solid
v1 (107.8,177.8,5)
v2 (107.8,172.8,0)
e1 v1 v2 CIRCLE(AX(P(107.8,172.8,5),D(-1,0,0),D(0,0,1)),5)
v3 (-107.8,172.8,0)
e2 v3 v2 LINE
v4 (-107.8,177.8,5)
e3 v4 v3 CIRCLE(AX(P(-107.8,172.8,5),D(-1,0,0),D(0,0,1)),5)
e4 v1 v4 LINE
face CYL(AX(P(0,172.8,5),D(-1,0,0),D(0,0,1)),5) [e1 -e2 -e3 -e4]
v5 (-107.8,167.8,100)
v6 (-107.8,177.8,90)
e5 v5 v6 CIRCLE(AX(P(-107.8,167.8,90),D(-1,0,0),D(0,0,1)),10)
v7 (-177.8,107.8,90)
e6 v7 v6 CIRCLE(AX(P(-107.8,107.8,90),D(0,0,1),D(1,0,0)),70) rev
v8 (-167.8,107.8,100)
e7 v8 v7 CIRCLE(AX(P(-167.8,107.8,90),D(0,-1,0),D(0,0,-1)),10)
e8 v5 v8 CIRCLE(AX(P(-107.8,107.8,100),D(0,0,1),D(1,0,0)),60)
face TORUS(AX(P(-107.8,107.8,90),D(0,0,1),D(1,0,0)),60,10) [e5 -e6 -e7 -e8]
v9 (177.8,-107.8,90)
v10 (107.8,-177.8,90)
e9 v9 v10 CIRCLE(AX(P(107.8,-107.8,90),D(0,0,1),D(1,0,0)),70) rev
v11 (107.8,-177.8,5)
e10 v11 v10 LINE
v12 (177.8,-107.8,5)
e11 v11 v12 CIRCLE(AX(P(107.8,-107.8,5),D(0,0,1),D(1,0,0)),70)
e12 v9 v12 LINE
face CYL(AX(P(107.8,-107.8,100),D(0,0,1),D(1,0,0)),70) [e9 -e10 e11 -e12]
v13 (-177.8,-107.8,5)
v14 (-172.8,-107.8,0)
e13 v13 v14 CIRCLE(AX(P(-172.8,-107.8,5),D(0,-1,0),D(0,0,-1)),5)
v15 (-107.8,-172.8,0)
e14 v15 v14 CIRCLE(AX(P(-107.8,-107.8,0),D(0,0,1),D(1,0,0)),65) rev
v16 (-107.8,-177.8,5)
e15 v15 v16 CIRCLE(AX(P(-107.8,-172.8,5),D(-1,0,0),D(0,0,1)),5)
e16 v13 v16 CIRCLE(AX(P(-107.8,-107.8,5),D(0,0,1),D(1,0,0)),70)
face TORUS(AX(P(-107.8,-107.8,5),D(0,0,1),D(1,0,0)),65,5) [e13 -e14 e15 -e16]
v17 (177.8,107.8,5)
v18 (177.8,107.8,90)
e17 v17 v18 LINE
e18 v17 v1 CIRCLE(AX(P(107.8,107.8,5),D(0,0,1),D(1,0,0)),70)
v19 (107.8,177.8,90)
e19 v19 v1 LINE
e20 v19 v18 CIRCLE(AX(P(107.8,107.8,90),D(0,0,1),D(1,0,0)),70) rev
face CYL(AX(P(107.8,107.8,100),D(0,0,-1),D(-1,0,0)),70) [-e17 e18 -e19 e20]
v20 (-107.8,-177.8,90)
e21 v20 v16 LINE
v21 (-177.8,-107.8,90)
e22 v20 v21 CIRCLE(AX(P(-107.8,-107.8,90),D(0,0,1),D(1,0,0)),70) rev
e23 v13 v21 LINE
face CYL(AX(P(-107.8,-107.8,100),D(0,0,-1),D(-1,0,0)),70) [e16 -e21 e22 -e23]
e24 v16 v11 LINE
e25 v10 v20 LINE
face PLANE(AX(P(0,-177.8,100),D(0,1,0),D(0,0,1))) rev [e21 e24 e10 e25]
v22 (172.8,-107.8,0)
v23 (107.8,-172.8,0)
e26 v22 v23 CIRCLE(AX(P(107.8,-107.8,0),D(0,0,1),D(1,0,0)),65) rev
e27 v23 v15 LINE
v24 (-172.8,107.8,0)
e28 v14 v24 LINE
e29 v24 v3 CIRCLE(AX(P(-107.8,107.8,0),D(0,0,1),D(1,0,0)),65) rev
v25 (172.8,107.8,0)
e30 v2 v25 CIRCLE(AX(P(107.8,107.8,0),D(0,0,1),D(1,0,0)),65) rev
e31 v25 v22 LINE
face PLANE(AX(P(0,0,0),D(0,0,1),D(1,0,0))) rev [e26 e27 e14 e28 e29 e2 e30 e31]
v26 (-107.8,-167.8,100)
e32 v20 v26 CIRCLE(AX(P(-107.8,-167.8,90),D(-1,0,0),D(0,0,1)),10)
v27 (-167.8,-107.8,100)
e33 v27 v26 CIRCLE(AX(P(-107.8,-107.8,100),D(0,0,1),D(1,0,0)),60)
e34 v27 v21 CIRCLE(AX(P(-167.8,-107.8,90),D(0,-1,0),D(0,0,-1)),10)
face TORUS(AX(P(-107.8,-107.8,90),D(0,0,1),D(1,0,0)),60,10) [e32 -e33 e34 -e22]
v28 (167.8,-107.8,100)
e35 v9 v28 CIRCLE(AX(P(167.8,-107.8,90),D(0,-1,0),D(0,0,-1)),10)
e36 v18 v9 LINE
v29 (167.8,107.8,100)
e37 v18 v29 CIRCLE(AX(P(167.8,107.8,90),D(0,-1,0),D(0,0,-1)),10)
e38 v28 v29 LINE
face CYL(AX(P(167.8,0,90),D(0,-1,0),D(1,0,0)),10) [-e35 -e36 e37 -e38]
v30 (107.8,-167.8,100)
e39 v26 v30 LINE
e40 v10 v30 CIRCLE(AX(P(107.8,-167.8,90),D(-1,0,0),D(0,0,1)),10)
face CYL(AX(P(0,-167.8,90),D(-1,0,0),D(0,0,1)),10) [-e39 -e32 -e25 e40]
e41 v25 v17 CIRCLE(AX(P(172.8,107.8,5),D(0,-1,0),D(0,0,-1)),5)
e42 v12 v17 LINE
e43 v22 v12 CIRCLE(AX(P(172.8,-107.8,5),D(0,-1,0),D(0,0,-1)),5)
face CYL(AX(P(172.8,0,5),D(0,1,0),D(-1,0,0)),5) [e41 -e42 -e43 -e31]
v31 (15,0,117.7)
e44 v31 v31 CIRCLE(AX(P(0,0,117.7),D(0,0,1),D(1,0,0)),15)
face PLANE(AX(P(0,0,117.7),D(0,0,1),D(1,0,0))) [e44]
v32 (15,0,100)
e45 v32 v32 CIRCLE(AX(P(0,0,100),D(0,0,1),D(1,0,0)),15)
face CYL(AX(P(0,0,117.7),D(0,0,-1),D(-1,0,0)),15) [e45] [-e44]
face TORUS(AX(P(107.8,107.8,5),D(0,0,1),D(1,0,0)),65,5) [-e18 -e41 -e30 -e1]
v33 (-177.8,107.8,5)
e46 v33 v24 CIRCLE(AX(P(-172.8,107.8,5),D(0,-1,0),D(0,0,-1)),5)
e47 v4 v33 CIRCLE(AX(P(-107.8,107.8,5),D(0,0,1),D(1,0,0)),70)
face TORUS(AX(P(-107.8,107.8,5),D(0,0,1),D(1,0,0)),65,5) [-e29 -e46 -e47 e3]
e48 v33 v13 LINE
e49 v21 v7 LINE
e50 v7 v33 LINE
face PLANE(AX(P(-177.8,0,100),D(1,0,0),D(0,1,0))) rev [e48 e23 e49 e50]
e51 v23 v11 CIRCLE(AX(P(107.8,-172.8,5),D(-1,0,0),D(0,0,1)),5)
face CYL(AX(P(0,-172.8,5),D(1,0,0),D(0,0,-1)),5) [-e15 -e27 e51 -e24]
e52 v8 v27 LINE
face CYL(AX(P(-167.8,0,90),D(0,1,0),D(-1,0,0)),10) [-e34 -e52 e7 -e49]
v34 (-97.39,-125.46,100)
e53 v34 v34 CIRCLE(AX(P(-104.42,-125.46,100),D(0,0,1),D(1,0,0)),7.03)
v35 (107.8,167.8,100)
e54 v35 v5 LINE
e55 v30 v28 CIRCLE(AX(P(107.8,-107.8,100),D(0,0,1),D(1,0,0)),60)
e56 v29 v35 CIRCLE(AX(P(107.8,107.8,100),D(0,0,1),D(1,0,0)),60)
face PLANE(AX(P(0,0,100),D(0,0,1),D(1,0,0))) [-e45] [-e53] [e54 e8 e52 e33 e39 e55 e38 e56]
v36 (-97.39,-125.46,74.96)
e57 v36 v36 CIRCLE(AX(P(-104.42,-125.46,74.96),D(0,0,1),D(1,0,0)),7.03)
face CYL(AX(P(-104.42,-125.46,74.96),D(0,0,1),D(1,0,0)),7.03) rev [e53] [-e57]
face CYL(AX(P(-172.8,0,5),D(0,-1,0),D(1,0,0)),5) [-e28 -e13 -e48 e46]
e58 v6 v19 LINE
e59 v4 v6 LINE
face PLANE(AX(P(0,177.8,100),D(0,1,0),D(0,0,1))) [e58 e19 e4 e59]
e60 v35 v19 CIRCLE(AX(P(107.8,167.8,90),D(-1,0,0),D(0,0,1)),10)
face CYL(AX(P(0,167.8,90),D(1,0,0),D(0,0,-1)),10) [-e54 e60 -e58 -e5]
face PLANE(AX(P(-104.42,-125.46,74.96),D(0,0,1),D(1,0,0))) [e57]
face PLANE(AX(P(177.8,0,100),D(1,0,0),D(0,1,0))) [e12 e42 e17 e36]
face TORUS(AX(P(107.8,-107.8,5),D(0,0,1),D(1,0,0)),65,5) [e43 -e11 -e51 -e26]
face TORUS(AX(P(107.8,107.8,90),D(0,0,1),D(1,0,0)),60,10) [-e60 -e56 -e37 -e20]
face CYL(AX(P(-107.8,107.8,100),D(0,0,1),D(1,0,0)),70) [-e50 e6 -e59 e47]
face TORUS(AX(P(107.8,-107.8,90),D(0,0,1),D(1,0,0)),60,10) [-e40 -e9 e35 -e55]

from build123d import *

# Parameters (mm, degrees)
SKETCH1_W           = 355.6
SKETCH1_H           = 355.6
BOSS_EXTRUDE1_DEPTH = 100
FILLET1_R           = 70
SKETCH2_R           = 7.03
CUT_EXTRUDE1_DEPTH  = 25.04
FILLET3_R           = 5
FILLET4_R           = 10
SKETCH3_R           = 15
BOSS_EXTRUDE2_DEPTH = 17.7


with BuildPart() as part:
    # Sketch1 → Boss-Extrude1 (new body)
    with BuildSketch(Plane.XY):
        Rectangle(SKETCH1_W, SKETCH1_H)
    extrude(amount=BOSS_EXTRUDE1_DEPTH)

    # Fillet1
    fillet1_edges = [part.edges().sort_by_distance(p)[0] for p in [
        (-177.8, -177.8, 50),
        (-177.8, 177.8, 50),
        (177.8, 177.8, 50),
        (177.8, -177.8, 50),
    ]]
    fillet(fillet1_edges, radius=FILLET1_R)

    # Sketch2 → Cut-Extrude1 (cut)
    with BuildSketch(Plane.XY.offset(100)):
        with Locations((-104.42, -125.46)):
            Circle(SKETCH2_R)
    extrude(amount=-CUT_EXTRUDE1_DEPTH, mode=Mode.SUBTRACT)

    # Fillet3
    fillet3_edges = [part.edges().sort_by_distance(p)[0] for p in [
        (0, 177.8, 0),
        (177.8, 0, 0),
        (0, -177.8, 0),
        (-177.8, 0, 0),
        (-157.297474683, 157.297474683, 0),
        (-157.297474683, -157.297474683, 0),
        (157.297474683, -157.297474683, 0),
        (157.297474683, 157.297474683, 0),
    ]]
    fillet(fillet3_edges, radius=FILLET3_R)

    # Fillet4
    fillet4_edges = [part.edges().sort_by_distance(p)[0] for p in [
        (0, 177.8, 100),
        (177.8, 0, 100),
        (-177.8, 0, 100),
        (0, -177.8, 100),
        (-157.297474683, 157.297474683, 100),
        (-157.297474683, -157.297474683, 100),
        (157.297474683, -157.297474683, 100),
        (157.297474683, 157.297474683, 100),
    ]]
    fillet(fillet4_edges, radius=FILLET4_R)

    # Sketch3 → Boss-Extrude2 (add)
    with BuildSketch(Plane.XY.offset(100)):
        Circle(SKETCH3_R)
    extrude(amount=BOSS_EXTRUDE2_DEPTH)


solid = part.part
